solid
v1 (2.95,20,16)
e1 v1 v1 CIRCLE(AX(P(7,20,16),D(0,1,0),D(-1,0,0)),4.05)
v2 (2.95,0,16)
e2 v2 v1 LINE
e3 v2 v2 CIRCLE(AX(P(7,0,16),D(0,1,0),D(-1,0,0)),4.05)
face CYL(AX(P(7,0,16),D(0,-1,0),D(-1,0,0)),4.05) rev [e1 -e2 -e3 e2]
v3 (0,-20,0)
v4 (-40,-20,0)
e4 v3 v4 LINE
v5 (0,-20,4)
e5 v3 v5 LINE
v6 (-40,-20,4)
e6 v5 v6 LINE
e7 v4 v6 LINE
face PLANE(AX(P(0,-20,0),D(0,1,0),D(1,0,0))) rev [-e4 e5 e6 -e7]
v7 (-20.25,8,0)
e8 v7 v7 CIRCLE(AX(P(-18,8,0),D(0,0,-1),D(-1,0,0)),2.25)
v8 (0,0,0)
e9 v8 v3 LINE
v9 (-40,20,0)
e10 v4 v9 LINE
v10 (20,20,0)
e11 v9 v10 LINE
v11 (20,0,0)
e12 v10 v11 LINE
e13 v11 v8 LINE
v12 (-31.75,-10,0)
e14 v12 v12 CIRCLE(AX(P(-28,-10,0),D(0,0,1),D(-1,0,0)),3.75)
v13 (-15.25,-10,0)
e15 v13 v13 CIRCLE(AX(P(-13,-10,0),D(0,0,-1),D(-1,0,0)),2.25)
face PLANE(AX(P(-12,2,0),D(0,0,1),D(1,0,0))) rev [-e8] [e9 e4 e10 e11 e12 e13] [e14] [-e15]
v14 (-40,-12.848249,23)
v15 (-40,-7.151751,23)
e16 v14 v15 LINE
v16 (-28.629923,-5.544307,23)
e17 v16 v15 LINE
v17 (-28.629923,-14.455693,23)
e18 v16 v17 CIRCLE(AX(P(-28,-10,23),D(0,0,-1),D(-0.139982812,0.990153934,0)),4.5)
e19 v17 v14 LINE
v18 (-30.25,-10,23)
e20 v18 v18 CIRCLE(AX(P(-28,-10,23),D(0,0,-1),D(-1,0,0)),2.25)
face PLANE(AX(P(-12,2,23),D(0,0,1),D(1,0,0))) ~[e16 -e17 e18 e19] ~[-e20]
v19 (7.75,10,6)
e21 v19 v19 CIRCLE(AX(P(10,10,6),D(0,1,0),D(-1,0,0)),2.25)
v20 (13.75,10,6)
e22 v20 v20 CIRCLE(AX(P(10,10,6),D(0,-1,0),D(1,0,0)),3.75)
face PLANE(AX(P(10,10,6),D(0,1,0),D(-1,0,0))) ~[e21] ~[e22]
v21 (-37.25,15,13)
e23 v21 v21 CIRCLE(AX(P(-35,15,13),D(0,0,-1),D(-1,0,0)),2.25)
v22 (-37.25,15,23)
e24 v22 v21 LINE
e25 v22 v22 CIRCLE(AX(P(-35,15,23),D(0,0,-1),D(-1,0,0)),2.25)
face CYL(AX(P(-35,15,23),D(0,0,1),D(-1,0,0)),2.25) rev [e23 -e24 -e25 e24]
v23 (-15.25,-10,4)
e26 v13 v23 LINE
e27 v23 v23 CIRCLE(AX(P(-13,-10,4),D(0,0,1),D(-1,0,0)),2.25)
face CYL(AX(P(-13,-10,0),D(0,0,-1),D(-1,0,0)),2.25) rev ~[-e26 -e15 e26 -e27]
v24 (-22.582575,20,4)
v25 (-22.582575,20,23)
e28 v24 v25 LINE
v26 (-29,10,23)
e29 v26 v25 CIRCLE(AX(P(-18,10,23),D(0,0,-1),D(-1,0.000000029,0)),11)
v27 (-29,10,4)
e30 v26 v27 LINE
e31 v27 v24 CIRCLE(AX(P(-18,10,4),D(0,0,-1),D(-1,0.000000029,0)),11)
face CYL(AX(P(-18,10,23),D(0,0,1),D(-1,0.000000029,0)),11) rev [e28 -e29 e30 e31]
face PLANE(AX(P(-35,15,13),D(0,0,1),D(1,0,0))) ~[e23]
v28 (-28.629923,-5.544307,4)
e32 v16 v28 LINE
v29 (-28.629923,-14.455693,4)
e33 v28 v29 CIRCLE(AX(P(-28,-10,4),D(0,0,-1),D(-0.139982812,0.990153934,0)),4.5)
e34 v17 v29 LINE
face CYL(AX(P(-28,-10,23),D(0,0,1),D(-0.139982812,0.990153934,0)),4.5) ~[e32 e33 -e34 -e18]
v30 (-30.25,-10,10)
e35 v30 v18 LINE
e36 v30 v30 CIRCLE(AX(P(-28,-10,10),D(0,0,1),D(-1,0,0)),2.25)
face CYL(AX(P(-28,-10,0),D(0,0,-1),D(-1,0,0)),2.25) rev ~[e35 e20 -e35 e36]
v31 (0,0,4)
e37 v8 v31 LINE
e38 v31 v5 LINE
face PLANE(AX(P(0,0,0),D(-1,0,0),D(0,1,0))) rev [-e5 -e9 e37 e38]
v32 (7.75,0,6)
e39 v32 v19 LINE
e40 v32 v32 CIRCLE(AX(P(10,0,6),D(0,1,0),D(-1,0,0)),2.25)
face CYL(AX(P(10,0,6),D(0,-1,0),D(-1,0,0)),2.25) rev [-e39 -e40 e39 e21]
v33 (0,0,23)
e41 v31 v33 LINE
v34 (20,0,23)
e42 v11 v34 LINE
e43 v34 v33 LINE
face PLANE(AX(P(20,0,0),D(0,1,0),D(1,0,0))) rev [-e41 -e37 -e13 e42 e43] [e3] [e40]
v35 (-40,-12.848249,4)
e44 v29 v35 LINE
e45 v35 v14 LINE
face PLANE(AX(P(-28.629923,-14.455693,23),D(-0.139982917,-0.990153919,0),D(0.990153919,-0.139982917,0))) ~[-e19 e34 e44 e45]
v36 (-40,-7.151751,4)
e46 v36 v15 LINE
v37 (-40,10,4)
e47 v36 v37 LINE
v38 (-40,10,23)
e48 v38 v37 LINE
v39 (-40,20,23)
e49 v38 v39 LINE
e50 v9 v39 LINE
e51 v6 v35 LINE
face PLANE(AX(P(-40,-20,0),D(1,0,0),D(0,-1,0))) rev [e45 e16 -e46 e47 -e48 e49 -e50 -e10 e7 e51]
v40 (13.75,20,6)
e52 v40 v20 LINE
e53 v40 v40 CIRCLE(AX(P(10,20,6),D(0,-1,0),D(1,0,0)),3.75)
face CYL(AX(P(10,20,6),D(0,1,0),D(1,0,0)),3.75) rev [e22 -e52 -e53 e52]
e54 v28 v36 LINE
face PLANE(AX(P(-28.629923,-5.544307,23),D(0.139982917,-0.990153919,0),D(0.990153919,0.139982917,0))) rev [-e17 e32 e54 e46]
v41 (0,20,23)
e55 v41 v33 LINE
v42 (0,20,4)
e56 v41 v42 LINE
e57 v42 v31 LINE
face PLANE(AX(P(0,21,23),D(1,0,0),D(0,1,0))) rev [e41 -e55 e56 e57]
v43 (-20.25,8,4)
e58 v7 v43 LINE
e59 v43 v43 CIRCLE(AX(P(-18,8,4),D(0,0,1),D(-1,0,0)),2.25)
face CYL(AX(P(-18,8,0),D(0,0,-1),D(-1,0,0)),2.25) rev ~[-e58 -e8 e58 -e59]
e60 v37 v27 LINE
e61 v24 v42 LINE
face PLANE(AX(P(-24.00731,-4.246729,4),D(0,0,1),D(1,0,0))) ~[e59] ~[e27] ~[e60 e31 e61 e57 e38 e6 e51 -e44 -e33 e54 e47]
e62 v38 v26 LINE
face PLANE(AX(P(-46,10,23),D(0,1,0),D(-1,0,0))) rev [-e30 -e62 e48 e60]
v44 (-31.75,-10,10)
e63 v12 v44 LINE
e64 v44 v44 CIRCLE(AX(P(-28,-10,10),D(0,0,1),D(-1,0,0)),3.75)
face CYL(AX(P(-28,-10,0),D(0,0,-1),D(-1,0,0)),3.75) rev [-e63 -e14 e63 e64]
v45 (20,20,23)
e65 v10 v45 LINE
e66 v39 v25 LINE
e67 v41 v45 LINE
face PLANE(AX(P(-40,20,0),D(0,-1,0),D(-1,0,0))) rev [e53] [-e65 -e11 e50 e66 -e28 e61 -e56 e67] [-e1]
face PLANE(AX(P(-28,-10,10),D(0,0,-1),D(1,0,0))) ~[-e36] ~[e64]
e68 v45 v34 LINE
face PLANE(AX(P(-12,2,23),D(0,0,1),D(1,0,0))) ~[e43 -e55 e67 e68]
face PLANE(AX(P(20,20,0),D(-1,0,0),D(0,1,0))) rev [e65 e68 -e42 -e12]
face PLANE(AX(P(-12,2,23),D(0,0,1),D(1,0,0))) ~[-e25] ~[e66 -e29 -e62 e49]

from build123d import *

# Parameters (mm, degrees)
SKETCH_R        = 2.25
PAD_DEPTH       = 23
POCKET_DEPTH    = 19
SKETCH002_R     = 4.05
SKETCH002_R_2   = 2.25
POCKET001_DEPTH = 20.001
SKETCH003_R     = 2.25
POCKET002_DEPTH = 10
SKETCH004_R     = 3.75
POCKET003_DEPTH = 10
SKETCH005_R     = 3.75
POCKET004_DEPTH = 10


with BuildPart() as pocket004:
    # Sketch → Pad (new body)
    with BuildSketch(Plane.XY):
        Polygon((0, -20), (40, -20), (40, 20), (-20, 20), (-20, 0), (0, 0), align=None)
        with Locations((18, 8)):
            Circle(SKETCH_R, mode=Mode.SUBTRACT)
        with Locations((13, -10)):
            Circle(SKETCH_R, mode=Mode.SUBTRACT)
        with Locations((28, -10)):
            Circle(SKETCH_R, mode=Mode.SUBTRACT)
    extrude(amount=PAD_DEPTH)

    # Sketch001 → Pocket (cut)
    with BuildSketch(Plane.XY.offset(23)):
        with BuildLine():
            Line((46, 10), (29, 10))
            ThreePointArc((29, 10), (25.778159, 17.77819), (17.999956, 21))
            Line((17.999956, 21), (0, 21))
            Line((0, 21), (0, -23))
            Line((0, -23), (46, -23))
            Line((46, -23), (46, -12))
            Line((28.629923, -14.455693), (46, -12))
            ThreePointArc((28.629923, -5.544307), (23.5, -10), (28.629923, -14.455693))
            Line((28.629923, -5.544307), (46, -8))
            Line((46, -8), (46, 10))
        make_face()
    extrude(amount=-POCKET_DEPTH, mode=Mode.SUBTRACT)

    # Sketch002 → Pocket001 (cut, through all)
    with BuildSketch(Plane.XZ):
        with Locations((-7, 16)):
            Circle(SKETCH002_R)
        with Locations((-10, 6)):
            Circle(SKETCH002_R_2)
    extrude(amount=-POCKET001_DEPTH, mode=Mode.SUBTRACT)

    # Sketch003 → Pocket002 (cut)
    with BuildSketch(Plane.XY.offset(23)):
        with Locations((35, 15)):
            Circle(SKETCH003_R)
    extrude(amount=-POCKET002_DEPTH, mode=Mode.SUBTRACT)

    # Sketch004 → Pocket003 (cut)
    with BuildSketch(Plane(origin=(0, 20, 0), x_dir=(-1, 0, 0), z_dir=(0, 1, 0))):
        with Locations((10, 6)):
            Circle(SKETCH004_R)
    extrude(amount=-POCKET003_DEPTH, mode=Mode.SUBTRACT)

    # Sketch005 → Pocket004 (cut)
    with BuildSketch(Plane(origin=(0, 0, 0), x_dir=(1, 0, 0), z_dir=(0, 0, -1))):
        with Locations((28, 10)):
            Circle(SKETCH005_R)
    extrude(amount=-POCKET004_DEPTH, mode=Mode.SUBTRACT)


with BuildPart() as part_mirroring:
    # Part__Mirroring: instance of Pocket004
    add(pocket004.part.mirror(Plane(origin=(0, 0, 0), x_dir=(0, -1, 0), z_dir=(1, 0, 0))))


solid = part_mirroring.part
